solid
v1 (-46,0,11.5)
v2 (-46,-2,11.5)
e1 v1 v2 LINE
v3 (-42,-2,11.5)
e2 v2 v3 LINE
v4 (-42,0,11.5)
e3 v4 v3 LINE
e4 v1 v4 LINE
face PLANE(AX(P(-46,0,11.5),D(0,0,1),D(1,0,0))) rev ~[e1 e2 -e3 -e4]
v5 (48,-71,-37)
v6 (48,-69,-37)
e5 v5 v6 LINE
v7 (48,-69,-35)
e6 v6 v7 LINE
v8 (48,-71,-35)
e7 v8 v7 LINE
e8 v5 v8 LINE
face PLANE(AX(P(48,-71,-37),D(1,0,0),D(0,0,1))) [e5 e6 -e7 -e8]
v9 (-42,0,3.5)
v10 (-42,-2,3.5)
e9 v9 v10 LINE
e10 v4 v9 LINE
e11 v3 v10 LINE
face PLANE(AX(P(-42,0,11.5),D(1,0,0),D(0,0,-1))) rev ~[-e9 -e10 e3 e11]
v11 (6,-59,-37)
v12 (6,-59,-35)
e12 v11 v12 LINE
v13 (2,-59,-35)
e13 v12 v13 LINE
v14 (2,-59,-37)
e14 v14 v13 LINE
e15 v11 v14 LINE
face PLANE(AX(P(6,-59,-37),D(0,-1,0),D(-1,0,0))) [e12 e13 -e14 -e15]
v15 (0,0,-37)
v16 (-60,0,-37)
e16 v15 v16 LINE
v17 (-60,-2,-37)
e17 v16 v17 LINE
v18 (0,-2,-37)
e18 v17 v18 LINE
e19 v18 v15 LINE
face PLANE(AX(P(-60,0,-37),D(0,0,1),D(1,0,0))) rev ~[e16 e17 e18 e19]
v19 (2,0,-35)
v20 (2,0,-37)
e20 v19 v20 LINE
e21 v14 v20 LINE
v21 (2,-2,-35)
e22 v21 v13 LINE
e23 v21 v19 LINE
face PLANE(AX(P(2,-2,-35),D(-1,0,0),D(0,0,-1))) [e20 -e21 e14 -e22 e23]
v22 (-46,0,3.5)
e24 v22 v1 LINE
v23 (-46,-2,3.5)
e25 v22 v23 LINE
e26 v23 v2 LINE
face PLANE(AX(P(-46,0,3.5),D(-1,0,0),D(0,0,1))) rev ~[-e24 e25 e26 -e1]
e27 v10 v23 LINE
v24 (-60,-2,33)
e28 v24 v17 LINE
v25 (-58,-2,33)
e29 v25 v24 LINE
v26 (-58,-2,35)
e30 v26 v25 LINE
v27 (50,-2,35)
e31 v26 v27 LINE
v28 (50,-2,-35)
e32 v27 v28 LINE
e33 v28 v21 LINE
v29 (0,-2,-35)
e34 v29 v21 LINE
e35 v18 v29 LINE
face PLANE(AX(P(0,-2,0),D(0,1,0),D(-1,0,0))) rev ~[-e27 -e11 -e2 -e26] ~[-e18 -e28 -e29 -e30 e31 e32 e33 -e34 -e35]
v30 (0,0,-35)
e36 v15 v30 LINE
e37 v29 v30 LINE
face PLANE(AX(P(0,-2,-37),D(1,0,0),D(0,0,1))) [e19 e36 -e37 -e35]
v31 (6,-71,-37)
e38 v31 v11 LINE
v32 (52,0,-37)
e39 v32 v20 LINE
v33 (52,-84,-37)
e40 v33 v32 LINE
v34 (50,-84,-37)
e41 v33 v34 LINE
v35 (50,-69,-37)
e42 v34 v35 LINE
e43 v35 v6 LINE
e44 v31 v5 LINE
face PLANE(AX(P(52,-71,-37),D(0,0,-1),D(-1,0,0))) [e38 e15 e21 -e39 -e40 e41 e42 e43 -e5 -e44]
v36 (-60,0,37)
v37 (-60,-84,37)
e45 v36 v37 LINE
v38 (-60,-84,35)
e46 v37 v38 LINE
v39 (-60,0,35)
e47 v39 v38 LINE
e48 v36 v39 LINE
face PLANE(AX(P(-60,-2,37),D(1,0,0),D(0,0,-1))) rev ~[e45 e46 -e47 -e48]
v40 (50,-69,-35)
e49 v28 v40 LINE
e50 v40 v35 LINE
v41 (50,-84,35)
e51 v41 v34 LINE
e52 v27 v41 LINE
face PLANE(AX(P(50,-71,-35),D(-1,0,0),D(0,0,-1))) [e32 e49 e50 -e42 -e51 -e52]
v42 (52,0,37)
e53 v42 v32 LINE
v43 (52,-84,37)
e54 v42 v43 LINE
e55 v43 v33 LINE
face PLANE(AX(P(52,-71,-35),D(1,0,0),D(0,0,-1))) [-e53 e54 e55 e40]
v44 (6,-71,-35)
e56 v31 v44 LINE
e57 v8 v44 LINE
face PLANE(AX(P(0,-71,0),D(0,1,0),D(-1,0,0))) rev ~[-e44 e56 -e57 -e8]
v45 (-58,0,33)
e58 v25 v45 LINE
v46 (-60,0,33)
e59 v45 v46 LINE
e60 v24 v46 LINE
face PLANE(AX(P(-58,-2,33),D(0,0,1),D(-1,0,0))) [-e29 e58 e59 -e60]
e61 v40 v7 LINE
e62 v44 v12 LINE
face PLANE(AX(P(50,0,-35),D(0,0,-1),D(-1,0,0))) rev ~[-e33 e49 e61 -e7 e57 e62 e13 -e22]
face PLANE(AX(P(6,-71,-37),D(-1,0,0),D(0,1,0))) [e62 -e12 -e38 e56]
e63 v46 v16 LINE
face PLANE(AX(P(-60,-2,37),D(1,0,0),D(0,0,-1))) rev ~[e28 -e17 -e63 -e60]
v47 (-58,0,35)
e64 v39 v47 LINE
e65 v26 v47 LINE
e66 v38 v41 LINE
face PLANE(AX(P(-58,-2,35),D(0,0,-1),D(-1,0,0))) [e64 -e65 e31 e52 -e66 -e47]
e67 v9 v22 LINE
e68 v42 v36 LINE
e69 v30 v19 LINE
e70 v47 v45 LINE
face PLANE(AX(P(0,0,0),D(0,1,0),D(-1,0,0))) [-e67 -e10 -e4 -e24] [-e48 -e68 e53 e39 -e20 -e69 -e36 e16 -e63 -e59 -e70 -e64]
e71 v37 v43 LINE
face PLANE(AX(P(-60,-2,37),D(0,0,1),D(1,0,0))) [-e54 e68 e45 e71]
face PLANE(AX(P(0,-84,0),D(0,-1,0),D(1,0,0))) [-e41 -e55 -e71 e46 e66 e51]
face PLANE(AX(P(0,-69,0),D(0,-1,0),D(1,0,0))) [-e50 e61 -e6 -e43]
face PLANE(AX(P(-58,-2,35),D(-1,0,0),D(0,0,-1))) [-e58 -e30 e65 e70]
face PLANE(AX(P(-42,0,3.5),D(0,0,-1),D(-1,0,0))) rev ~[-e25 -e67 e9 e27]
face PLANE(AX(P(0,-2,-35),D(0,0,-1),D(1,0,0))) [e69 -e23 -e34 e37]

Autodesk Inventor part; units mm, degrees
ref_plane "YZ Plane" through (0, 0, 0) normal (1, 0, 0) x (0, 1, 0)
ref_plane "XZ Plane" through (0, 0, 0) normal (0, 1, 0) x (-1, 0, 0)
ref_plane "XY Plane" through (0, 0, 0) normal (0, 0, 1) x (1, 0, 0)
sketch "Sketch1" plane through (0, 0, 0) normal (0, 1, 0) x (-1, 0, 0)
  line L0 (58, 35) -> (-50, 35)
  line L1 (-50, 35) -> (-50, -35)
  line L2 (-50, -35) -> (58, -35)
  line L3 (58, -35) -> (58, 35)
  point P0 (0, 0)
  dimension "d1" = 70
  dimension "d36" = 50
  dimension "d37" = 58
  dimension "d38" = 35
extrude "Extrusion1" add sketch "Sketch1" against normal blind 2
sketch "Sketch2" plane through (0, 0, 0) normal (0, 1, 0) x (-1, 0, 0)
  line L0 (-50, 35) -> (58, 35) projected
  line L1 (58, 35) -> (-50, 35)
  line L2 (-50, 35) -> (-50, 37)
  line L3 (-50, 37) -> (58, 37)
  line L4 (58, 37) -> (58, 35)
  point P0 (0, 0)
  dimension "d4" = 2
extrude "Extrusion2" add sketch "Sketch2" against normal blind 84
sketch "Sketch3" plane through (0, 0, 0) normal (0, 1, 0) x (-1, 0, 0)
  line L0 (58, -35) -> (-50, -35) projected
  line L1 (-50, -35) -> (-52, -35)
  line L2 (-52, -35) -> (-52, 37)
  line L3 (-52, 37) -> (-50, 37)
  line L4 (-50, 37) -> (-50, -35)
  point P0 (0, 0)
  dimension "d7" = 2
extrude "Extrusion3" add sketch "Sketch3" against normal blind 84
sketch "Sketch4" plane through (0, 0, 0) normal (0, 1, 0) x (-1, 0, 0)
  line L0 (-50, -35) -> (-52, -35) projected
  line L1 (-52, -35) -> (-2, -35)
  line L2 (-2, -35) -> (-2, -37)
  line L3 (-2, -37) -> (-52, -37)
  line L4 (-52, -37) -> (-52, -35)
  point P0 (0, 0)
  dimension "d10" = 50
  dimension "d11" = 2
extrude "Extrusion4" add sketch "Sketch4" against normal blind 71
sketch "Sketch5" plane through (52, 0, -37) normal (0, 0, -1) x (-1, 0, 0)
  line L0 (50, -2) -> (50, -71) projected
  line L1 (50, -71) -> (46, -71)
  line L2 (46, -71) -> (46, -59)
  line L3 (46, -59) -> (50, -59)
  line L4 (50, -59) -> (50, -71)
  point P0 (52, 0)
  dimension "d14" = 4
  dimension "d15" = 12
extrude "Extrusion5" cut sketch "Sketch5" against normal blind 3
sketch "Sketch6" plane through (0, 0, 0) normal (0, 1, 0) x (-1, 0, 0)
  line L0 (58, -35) -> (58, 37) projected
  line L1 (58, 37) -> (60, 37)
  line L2 (60, 37) -> (60, -37)
  line L3 (-2, -37) -> (-2, -35) projected
  line L4 (60, -37) -> (-2, -37)
  line L5 (58, -35) -> (-2, -35) projected
  line L6 (-2, -37) -> (-2, -35)
  point P0 (0, 0)
  dimension "d18" = 2
extrude "Extrusion6" add sketch "Sketch6" against normal blind 2
sketch "Sketch7" plane through (0, -2, 0) normal (0, -1, 0) x (1, 0, 0)
  line L0 (2, -35) -> (2, -37) projected
  line L1 (2, -37) -> (0, -37)
  line L2 (0, -37) -> (0, -35)
  line L3 (0, -35) -> (2, -35)
  line L4 (2, -35) -> (2, -37)
  line L5 (2, -37) -> (2, -35) projected
  point P0 (0, 0)
  point P1 (1, -37)
  point P2 (1, -35)
  point P3 (2, -36)
  point P4 (0, -36)
  dimension "d21" = 2
  dimension "d22" = 2
sketch "Sketch8" plane through (0, -2, 0) normal (0, -1, 0) x (1, 0, 0)
  line L0 (50, 35) -> (-58, 35) projected
  line L1 (-60, 37) -> (-60, -37) projected
  line L2 (-58, 35) -> (-60, 35)
  line L3 (-60, 35) -> (-60, 37)
  line L4 (-60, 37) -> (-58, 37)
  line L5 (-58, 37) -> (-58, 35)
  point P0 (0, 0)
extrude "Extrusion7" add sketch "Sketch8" along normal blind 82
sketch "Sketch9" plane through (0, -2, 0) normal (0, -1, 0) x (1, 0, 0)
  line L0 (-60, 37) -> (-60, 35) projected
  line L1 (-60, 35) -> (-58, 35)
  line L2 (-58, 35) -> (-58, 33)
  line L3 (-58, 33) -> (-60, 33)
  line L4 (-60, 33) -> (-60, 35)
  point P0 (0, 0)
  dimension "d25" = 2
  dimension "d26" = 2
extrude "Extrusion8" cut sketch "Sketch9" against normal blind 2
extrude "Extrusion9" cut sketch "Sketch7" against normal blind 2
sketch "Sketch10" plane through (0, -71, 0) normal (0, -1, 0) x (1, 0, 0)
  line L0 (52, 37) -> (52, -37) projected
  line L1 (2, -35) -> (50, -35) projected
  line L2 (52, -37) -> (50, -37)
  line L3 (50, -37) -> (50, -35)
  line L4 (50, -35) -> (52, -35)
  line L5 (52, -35) -> (52, -37)
  point P0 (0, 0)
extrude "Extrusion10" add sketch "Sketch10" along normal blind 13
sketch "Sketch11" plane through (0, -71, 0) normal (0, -1, 0) x (1, 0, 0)
  line L0 (50, 35) -> (50, -37) projected
  line L1 (50, -35) -> (6, -35) projected
  line L2 (50, -37) -> (48, -37)
  line L3 (48, -37) -> (48, -35)
  line L4 (48, -35) -> (50, -35)
  line L5 (50, -35) -> (50, -37)
  point P0 (0, 0)
  dimension "d33" = 2
extrude "Extrusion11" cut sketch "Sketch11" against normal blind 2
sketch "Sketch12" plane through (0, 0, 0) normal (0, 1, 0) x (1, 0, 0)
  line L0 (-42, -3.5) -> (-46, -3.5)
  line L1 (-46, -3.5) -> (-46, -11.5)
  line L2 (-46, -11.5) -> (-42, -11.5)
  line L3 (-42, -11.5) -> (-42, -3.5)
  line L4 (-42, -3.5) -> (-46, -11.5) construction
  line L5 (-46, -3.5) -> (-42, -11.5) construction
  line L6 (0, 37) -> (-60, 37) projected
  line L7 (-60, 37) -> (-60, -33) projected
  point P0 (0, 0)
  point P1 (-44, -7.5)
  dimension "d39" = 44.5
  dimension "d41" = 4
  dimension "d42" = 8
  dimension "d43" = 14
extrude "Extrusion12" cut sketch "Sketch12" against normal blind 10
properties part number "lid_3DPrint"
